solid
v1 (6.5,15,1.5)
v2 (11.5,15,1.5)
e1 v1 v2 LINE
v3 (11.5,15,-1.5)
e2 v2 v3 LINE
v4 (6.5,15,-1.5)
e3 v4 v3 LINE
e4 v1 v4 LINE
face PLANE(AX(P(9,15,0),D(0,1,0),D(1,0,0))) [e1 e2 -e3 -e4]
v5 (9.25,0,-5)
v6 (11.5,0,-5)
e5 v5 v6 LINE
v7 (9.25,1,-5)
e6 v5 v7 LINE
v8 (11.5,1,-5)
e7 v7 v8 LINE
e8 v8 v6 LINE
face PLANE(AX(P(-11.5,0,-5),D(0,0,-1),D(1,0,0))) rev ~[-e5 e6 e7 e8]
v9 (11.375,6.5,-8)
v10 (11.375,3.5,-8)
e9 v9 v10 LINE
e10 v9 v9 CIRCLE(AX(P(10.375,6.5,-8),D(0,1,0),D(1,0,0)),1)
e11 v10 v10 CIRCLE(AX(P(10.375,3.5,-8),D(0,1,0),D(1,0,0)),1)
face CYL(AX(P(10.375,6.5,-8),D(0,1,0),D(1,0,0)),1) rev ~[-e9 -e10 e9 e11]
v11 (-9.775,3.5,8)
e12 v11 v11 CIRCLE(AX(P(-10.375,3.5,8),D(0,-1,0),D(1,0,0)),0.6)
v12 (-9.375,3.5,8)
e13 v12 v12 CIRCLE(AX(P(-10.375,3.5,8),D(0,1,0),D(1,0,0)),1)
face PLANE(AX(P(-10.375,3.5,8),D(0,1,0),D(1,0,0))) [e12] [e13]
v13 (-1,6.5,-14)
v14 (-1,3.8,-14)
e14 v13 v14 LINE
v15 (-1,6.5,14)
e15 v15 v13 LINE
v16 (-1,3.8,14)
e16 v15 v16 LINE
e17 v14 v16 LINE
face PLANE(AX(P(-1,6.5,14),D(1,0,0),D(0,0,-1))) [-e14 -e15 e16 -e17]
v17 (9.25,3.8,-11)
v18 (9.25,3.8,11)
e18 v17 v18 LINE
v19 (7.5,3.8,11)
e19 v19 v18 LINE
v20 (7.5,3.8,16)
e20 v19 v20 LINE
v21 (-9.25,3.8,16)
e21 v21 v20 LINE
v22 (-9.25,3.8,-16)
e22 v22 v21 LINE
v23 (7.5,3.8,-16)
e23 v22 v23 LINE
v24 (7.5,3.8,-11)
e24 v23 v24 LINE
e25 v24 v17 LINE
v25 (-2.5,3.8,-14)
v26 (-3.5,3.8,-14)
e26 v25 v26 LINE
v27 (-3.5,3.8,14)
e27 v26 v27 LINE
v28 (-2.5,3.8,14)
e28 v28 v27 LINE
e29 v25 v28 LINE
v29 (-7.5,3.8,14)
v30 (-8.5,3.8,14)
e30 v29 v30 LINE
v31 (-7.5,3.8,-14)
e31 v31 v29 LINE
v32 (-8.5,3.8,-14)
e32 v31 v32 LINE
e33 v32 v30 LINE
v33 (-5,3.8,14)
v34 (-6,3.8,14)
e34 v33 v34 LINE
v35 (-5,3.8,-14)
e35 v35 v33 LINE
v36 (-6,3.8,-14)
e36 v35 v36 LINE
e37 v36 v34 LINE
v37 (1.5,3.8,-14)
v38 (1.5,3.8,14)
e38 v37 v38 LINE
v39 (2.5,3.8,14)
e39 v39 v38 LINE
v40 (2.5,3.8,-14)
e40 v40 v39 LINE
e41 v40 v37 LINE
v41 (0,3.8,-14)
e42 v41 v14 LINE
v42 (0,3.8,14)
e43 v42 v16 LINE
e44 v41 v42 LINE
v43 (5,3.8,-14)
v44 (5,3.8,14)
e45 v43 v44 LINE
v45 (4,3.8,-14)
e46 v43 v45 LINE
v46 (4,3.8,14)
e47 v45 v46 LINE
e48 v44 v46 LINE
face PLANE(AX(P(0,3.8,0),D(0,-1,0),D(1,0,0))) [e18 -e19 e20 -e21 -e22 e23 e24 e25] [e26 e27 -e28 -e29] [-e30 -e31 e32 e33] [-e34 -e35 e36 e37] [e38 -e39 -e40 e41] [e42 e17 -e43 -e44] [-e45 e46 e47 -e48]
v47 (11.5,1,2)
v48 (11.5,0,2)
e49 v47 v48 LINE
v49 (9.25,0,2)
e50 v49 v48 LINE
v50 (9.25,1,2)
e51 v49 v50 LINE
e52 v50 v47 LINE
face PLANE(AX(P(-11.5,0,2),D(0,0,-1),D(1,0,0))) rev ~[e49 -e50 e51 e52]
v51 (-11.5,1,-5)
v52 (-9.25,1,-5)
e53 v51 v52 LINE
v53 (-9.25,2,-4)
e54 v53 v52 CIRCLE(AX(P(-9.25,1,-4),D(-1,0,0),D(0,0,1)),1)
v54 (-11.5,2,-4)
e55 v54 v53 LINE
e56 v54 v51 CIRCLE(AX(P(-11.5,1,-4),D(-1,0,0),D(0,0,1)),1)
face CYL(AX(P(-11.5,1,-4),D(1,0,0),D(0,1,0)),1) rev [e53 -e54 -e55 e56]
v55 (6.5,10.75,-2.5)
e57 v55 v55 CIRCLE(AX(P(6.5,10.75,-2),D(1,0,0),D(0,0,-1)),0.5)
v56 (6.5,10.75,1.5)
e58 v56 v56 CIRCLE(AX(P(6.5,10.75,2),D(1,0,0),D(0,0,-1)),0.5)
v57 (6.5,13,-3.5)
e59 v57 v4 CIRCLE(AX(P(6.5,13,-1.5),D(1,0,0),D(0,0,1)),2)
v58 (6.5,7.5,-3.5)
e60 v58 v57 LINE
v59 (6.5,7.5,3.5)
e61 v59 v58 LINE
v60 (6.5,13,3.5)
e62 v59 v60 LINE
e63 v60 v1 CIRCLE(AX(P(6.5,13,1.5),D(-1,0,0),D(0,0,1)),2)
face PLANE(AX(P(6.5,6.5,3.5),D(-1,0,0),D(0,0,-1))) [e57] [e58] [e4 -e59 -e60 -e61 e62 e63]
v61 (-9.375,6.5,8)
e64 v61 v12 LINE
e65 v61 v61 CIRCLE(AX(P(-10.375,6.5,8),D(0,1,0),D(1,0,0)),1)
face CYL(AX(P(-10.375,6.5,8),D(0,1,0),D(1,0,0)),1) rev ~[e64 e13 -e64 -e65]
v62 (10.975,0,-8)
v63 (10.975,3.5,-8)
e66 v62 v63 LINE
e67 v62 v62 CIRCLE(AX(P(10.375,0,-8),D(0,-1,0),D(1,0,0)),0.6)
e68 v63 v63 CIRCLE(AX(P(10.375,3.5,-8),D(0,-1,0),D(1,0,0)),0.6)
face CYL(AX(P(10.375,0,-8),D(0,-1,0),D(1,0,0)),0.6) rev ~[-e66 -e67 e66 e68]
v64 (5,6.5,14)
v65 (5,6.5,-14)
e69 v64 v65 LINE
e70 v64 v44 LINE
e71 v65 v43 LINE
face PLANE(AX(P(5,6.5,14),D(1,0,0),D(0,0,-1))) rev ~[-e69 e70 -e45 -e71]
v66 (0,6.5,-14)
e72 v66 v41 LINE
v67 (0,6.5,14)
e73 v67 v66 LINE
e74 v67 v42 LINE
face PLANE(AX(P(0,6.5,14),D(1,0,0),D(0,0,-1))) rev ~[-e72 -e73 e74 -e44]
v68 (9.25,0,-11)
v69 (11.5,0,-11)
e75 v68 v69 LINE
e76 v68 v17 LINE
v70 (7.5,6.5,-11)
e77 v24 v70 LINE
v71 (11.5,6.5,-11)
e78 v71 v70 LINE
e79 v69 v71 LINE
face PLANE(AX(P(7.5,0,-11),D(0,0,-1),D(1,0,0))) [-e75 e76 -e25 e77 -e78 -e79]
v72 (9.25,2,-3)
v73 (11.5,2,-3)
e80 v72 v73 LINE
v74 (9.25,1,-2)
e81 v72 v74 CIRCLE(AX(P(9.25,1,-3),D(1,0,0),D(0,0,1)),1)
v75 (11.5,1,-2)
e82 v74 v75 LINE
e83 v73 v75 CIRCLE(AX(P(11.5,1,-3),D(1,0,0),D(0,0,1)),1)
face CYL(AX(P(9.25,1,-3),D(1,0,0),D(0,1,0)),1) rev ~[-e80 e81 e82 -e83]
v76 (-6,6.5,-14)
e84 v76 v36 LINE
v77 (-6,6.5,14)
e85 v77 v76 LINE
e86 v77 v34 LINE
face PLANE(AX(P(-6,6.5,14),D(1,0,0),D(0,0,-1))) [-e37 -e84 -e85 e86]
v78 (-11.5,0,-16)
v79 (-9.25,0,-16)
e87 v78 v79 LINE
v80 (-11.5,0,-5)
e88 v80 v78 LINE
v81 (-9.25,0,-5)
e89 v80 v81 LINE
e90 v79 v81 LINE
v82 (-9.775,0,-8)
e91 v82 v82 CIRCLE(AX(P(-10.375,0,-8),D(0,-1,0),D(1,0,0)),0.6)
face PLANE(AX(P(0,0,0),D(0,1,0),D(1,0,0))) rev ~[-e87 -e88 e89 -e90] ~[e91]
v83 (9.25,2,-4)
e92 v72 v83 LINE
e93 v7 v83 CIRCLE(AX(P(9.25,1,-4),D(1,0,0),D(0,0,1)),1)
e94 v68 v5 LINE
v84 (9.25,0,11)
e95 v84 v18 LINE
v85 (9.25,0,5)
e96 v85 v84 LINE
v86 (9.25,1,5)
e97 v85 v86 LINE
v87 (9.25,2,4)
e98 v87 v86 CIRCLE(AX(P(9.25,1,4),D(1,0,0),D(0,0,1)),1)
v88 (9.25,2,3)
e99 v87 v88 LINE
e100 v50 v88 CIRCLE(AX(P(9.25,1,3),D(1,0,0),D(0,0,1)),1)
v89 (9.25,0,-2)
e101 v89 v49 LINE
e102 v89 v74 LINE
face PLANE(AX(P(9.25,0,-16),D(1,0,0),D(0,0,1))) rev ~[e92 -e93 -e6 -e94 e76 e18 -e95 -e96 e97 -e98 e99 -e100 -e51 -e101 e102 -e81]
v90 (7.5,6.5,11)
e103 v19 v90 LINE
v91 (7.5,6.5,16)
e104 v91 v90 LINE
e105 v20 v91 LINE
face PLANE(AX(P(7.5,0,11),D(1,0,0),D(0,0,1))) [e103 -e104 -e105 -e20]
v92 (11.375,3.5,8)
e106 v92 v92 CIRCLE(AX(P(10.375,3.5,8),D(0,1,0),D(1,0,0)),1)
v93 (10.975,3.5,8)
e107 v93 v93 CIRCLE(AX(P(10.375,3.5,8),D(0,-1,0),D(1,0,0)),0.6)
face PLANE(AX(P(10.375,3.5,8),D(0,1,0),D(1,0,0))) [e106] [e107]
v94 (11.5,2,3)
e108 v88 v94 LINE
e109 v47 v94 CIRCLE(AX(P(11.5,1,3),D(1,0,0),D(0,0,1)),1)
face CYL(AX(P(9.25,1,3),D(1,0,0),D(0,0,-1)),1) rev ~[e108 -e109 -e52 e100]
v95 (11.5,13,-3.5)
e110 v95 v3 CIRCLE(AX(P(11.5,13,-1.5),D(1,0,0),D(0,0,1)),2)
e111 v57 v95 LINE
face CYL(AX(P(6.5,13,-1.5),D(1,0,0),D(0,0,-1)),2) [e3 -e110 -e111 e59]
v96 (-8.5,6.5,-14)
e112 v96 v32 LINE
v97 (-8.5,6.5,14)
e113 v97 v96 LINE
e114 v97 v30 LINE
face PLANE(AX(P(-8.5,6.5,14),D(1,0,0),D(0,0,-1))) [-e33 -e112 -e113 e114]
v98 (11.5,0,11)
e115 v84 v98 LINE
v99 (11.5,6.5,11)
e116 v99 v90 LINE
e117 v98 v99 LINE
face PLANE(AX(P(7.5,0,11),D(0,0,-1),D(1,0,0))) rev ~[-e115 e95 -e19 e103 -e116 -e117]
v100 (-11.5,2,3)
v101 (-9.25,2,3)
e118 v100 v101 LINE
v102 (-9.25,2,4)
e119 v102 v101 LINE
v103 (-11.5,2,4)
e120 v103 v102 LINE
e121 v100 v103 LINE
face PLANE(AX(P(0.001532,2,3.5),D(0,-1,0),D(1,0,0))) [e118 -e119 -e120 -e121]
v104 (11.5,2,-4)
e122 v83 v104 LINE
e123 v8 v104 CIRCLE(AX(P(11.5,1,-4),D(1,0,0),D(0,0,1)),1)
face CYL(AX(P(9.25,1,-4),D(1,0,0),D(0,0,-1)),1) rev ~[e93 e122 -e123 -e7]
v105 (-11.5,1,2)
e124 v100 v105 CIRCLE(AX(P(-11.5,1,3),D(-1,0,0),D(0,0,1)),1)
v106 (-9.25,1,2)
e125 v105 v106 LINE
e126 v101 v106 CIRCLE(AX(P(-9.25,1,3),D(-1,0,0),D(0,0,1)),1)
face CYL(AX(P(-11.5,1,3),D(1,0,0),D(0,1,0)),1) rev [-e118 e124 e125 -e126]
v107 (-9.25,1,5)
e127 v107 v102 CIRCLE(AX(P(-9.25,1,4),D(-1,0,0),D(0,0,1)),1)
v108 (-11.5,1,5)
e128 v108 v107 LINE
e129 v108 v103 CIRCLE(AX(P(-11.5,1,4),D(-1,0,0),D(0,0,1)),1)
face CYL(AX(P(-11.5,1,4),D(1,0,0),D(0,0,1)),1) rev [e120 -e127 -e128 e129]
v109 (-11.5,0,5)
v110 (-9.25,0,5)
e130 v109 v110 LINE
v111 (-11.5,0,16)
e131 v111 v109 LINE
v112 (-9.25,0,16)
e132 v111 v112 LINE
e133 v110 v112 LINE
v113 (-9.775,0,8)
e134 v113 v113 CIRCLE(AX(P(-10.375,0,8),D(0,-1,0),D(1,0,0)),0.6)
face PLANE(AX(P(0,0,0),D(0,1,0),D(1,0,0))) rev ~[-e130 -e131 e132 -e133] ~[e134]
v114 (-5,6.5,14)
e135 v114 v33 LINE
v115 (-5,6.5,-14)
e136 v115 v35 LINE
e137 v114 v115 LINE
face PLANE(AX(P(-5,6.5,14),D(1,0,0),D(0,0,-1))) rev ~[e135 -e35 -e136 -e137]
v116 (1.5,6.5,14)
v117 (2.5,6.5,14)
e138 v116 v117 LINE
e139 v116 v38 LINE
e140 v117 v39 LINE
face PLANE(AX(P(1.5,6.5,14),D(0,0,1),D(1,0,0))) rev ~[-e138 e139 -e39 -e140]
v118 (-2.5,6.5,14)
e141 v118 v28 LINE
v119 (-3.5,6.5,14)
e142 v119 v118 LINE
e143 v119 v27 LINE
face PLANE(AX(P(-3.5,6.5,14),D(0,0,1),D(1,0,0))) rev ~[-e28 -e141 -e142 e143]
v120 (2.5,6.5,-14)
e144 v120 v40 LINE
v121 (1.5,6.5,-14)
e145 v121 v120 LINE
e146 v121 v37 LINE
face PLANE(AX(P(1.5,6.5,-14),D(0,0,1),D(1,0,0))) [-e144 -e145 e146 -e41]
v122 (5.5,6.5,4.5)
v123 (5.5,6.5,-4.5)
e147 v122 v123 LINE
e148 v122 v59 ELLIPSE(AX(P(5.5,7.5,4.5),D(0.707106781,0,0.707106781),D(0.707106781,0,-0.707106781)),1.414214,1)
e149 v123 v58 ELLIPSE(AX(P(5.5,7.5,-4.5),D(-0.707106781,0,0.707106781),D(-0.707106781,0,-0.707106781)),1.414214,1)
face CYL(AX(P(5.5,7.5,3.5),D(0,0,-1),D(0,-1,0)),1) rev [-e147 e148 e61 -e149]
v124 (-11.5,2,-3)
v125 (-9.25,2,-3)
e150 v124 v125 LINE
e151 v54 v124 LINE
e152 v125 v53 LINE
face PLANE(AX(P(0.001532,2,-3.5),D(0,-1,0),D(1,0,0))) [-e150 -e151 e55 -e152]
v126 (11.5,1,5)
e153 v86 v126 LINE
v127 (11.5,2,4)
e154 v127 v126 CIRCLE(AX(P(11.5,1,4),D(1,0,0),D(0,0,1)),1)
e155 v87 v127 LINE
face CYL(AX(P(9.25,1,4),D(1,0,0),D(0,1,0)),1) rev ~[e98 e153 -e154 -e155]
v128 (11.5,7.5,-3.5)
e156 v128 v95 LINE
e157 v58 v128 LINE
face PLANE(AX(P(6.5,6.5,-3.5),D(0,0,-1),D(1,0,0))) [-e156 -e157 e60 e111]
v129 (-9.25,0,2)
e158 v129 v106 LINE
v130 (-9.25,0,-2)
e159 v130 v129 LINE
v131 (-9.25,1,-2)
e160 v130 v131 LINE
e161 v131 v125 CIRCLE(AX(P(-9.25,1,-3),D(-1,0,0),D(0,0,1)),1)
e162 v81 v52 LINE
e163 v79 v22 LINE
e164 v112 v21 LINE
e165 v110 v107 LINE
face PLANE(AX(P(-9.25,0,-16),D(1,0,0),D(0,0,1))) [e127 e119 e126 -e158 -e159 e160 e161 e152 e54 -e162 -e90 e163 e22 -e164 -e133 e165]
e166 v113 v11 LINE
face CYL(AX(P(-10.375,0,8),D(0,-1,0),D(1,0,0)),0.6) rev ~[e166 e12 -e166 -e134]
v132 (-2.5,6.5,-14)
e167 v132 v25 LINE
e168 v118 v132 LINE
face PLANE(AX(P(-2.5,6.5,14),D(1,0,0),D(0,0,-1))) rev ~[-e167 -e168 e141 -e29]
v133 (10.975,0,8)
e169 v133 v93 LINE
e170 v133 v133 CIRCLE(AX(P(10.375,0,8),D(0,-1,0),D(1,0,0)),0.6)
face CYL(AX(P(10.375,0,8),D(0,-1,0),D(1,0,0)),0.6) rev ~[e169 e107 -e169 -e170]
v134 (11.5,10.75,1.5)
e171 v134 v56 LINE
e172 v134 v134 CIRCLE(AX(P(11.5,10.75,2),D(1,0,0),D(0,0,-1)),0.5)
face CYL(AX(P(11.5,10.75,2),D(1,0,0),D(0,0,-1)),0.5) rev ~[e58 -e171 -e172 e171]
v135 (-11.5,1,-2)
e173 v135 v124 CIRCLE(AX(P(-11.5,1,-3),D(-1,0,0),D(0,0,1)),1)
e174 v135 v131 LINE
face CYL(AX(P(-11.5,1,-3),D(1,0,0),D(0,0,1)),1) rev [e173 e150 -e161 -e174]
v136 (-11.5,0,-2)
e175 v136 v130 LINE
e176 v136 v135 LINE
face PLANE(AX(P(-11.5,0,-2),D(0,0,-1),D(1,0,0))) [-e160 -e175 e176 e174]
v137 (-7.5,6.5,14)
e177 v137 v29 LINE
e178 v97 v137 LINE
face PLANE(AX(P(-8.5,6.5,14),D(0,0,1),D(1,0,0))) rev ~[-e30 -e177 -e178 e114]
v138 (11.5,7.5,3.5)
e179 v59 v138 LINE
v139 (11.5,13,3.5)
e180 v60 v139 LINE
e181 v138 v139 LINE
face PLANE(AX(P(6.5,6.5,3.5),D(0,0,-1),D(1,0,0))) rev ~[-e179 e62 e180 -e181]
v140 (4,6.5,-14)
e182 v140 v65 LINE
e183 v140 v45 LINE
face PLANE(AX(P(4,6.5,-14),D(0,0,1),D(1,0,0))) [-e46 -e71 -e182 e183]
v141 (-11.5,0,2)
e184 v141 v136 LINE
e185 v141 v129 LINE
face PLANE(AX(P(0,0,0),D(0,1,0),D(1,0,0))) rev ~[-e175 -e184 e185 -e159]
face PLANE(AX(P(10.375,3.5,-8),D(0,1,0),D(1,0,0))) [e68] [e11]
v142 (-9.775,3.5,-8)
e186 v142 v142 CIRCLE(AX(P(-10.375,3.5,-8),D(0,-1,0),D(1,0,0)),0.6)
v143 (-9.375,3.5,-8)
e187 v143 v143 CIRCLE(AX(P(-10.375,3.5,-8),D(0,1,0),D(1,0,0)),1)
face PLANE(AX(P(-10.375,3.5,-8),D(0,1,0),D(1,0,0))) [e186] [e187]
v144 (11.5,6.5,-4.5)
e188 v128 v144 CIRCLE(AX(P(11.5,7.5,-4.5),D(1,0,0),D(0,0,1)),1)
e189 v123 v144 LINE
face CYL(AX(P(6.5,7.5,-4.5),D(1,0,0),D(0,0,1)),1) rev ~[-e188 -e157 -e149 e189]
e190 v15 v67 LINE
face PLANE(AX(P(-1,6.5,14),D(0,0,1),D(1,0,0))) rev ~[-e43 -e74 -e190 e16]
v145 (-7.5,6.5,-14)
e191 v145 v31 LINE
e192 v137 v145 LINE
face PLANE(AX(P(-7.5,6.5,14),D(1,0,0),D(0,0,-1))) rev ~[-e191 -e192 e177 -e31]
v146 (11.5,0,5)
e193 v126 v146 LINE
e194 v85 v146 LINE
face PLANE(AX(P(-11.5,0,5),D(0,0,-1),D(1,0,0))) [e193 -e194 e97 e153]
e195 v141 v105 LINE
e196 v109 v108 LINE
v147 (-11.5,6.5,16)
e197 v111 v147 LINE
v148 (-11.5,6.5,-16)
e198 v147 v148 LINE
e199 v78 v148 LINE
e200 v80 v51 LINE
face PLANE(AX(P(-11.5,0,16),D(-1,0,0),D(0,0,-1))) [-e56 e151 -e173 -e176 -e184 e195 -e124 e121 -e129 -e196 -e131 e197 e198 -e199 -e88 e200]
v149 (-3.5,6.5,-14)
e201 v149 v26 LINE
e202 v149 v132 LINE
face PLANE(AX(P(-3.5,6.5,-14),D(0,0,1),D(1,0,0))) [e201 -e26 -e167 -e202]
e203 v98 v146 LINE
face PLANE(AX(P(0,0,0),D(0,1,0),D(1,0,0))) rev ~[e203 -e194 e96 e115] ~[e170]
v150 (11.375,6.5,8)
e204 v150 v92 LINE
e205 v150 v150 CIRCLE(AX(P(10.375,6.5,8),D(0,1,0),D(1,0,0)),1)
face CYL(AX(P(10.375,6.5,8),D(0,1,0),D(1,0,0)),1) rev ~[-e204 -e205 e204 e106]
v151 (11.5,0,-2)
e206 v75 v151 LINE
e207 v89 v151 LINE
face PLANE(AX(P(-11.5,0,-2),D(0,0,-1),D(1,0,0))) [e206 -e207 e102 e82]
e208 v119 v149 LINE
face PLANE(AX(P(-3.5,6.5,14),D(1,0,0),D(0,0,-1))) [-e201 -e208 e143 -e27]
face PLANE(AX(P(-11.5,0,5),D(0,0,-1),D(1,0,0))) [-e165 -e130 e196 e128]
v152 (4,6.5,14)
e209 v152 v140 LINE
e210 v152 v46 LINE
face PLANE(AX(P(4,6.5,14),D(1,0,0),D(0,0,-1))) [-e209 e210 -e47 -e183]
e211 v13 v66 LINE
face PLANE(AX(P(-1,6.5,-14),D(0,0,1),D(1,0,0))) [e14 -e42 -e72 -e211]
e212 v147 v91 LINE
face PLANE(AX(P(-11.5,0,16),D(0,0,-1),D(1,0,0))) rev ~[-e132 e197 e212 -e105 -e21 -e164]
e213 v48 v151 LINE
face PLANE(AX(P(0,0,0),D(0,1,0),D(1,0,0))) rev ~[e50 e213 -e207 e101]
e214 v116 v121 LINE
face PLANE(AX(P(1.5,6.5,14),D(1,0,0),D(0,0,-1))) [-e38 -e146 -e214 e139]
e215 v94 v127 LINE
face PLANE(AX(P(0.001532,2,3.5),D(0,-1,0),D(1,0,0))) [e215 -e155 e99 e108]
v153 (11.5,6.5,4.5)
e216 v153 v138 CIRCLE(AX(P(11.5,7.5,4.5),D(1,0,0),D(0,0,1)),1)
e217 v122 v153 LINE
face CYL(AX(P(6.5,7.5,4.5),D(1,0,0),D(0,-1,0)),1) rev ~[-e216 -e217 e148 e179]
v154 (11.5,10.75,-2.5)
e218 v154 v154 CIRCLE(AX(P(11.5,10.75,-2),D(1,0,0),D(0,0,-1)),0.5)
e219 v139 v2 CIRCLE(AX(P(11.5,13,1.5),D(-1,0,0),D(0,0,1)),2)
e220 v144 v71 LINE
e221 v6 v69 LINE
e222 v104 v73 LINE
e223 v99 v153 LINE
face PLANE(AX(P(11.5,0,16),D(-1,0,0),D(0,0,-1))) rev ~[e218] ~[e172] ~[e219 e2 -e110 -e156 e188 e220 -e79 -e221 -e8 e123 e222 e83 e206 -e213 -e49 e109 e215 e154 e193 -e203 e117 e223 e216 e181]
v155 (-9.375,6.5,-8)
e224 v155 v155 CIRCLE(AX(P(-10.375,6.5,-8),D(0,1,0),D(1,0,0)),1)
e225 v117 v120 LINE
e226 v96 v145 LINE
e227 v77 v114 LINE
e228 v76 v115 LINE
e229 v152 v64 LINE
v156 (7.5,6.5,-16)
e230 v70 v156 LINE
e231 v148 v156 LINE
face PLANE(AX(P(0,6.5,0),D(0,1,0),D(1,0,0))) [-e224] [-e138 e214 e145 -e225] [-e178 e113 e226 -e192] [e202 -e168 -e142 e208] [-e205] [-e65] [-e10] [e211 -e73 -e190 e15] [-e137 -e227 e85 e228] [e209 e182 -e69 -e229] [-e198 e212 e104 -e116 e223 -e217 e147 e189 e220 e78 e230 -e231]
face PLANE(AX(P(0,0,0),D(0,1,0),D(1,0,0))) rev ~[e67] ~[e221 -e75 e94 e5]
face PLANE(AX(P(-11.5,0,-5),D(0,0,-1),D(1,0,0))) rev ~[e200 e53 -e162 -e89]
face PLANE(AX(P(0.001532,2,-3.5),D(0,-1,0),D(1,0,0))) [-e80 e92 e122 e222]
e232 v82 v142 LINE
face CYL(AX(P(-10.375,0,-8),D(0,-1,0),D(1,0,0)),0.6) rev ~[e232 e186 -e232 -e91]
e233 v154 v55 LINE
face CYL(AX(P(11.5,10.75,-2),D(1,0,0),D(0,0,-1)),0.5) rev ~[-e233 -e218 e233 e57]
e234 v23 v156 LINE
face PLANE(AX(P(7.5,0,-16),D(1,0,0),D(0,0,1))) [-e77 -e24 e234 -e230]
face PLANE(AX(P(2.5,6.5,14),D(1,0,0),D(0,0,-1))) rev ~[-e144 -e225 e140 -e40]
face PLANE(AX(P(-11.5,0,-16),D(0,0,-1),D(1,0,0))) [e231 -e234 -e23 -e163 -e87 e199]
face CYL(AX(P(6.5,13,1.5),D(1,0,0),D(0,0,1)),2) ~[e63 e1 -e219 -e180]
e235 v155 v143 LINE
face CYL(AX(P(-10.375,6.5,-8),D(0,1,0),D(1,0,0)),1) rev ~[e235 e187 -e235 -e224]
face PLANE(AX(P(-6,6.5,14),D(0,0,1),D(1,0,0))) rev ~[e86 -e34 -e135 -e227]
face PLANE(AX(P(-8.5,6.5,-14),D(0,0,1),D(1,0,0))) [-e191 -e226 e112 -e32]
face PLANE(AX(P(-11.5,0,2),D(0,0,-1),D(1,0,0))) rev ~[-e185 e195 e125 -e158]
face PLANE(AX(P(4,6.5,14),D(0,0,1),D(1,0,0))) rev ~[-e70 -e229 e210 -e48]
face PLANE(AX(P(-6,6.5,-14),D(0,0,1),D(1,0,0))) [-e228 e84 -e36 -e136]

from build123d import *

# Parameters (mm, degrees)
SKETCH_1_W          = 23
SKETCH_1_H          = 32
EXTRUDE_1_DEPTH     = 6.5
SKETCH_3_W          = 18.5
SKETCH_3_H          = 32
CUT_EXTRUDE_1_DEPTH = 3.8
SKETCH_4_W          = 23.00306398
SKETCH_4_H          = 3
CUT_EXTRUDE_2_DEPTH = 2
SKETCH_5_R          = 0.6
CUT_EXTRUDE_3_DEPTH = 7.5
SKETCH_6_W          = 5
SKETCH_6_H          = 7
EXTRUDE_2_DEPTH     = 8.5
FILLET_1_R          = 1
SKETCH_7_R          = 0.5
CUT_EXTRUDE_4_DEPTH = 24
FILLET_2_R          = 2
FILLET_3_R          = 1
SKETCH_8_W          = 4
SKETCH_8_H          = 5
CUT_EXTRUDE_5_DEPTH = 16
SKETCH_9_R          = 1
CUT_EXTRUDE_6_DEPTH = 3
SKETCH_10_W         = 1
SKETCH_10_H         = 28
CUT_EXTRUDE_7_DEPTH = 7.5


with BuildPart() as part:
    # 草图1 → 凸台-拉伸1 (new body)
    with BuildSketch(Plane(origin=(0, 0, 0), x_dir=(1, 0, 0), z_dir=(0, 1, 0))):
        Rectangle(SKETCH_1_W, SKETCH_1_H)
    extrude(amount=EXTRUDE_1_DEPTH)

    # 草图3 → 切除-拉伸1 (cut)
    with BuildSketch(Plane.XZ):
        Rectangle(SKETCH_3_W, SKETCH_3_H)
    extrude(amount=-CUT_EXTRUDE_1_DEPTH, mode=Mode.SUBTRACT)

    # 草图4 → 切除-拉伸2 (cut)
    with BuildSketch(Plane.XZ):
        with Locations((0.00153199, 3.5)):
            Rectangle(SKETCH_4_W, SKETCH_4_H)
        with Locations((0.00153199, -3.5)):
            Rectangle(SKETCH_4_W, SKETCH_4_H)
    extrude(amount=-CUT_EXTRUDE_2_DEPTH, mode=Mode.SUBTRACT)

    # 草图5 → 切除-拉伸3 (cut, through all)
    with BuildSketch(Plane.XZ):
        with Locations((-10.375, -8)):
            Circle(SKETCH_5_R)
        with Locations((10.375, -8)):
            Circle(SKETCH_5_R)
        with Locations((10.375, 8)):
            Circle(SKETCH_5_R)
        with Locations((-10.375, 8)):
            Circle(SKETCH_5_R)
    extrude(amount=-CUT_EXTRUDE_3_DEPTH, mode=Mode.SUBTRACT)

    # 草图6 → 凸台-拉伸2 (add)
    with BuildSketch(Plane(origin=(0, 6.5, 0), x_dir=(1, 0, 0), z_dir=(0, 1, 0))):
        with Locations((9, 0)):
            Rectangle(SKETCH_6_W, SKETCH_6_H)
    extrude(amount=EXTRUDE_2_DEPTH)

    # 圆角1
    fillet_1_edges = [part.edges().sort_by_distance(p)[0] for p in [
        (10.375, 2, 5),
        (-10.375, 2, 5),
        (10.375, 2, 2),
        (-10.375, 2, 2),
        (10.375, 2, -5),
        (-10.375, 2, -5),
        (10.375, 2, -2),
        (-10.375, 2, -2),
    ]]
    fillet(fillet_1_edges, radius=FILLET_1_R)

    # 草图7 → 切除-拉伸4 (cut, through all)
    with BuildSketch(Plane(origin=(11.5, 0, 0), x_dir=(0, 0, -1), z_dir=(1, 0, 0))):
        with Locations((-2, 10.75)):
            Circle(SKETCH_7_R)
        with Locations((2, 10.75)):
            Circle(SKETCH_7_R)
    extrude(amount=-CUT_EXTRUDE_4_DEPTH, mode=Mode.SUBTRACT)

    # 圆角2
    fillet_2_edges = [part.edges().sort_by_distance(p)[0] for p in [
        (9, 15, 3.5),
        (9, 15, -3.5),
    ]]
    fillet(fillet_2_edges, radius=FILLET_2_R)

    # 圆角3
    fillet_3_edges = [part.edges().sort_by_distance(p)[0] for p in [
        (6.5, 6.5, 0),
        (9, 6.5, 3.5),
        (9, 6.5, -3.5),
    ]]
    fillet(fillet_3_edges, radius=FILLET_3_R)

    # 草图8 → 切除-拉伸5 (cut, through all)
    with BuildSketch(Plane.XZ):
        with Locations((9.5, 13.5)):
            Rectangle(SKETCH_8_W, SKETCH_8_H)
        with Locations((9.5, -13.5)):
            Rectangle(SKETCH_8_W, SKETCH_8_H)
    extrude(amount=-CUT_EXTRUDE_5_DEPTH, mode=Mode.SUBTRACT)

    # 草图9 → 切除-拉伸6 (cut)
    with BuildSketch(Plane(origin=(0, 6.5, 0), x_dir=(1, 0, 0), z_dir=(0, 1, 0))):
        with Locations((-10.375, 8)):
            Circle(SKETCH_9_R)
        with Locations((10.375, 8)):
            Circle(SKETCH_9_R)
        with Locations((-10.375, -8)):
            Circle(SKETCH_9_R)
        with Locations((10.375, -8)):
            Circle(SKETCH_9_R)
    extrude(amount=-CUT_EXTRUDE_6_DEPTH, mode=Mode.SUBTRACT)

    # 草图10 → 切除-拉伸7 (cut, through all)
    with BuildSketch(Plane(origin=(0, 6.5, 0), x_dir=(1, 0, 0), z_dir=(0, 1, 0))):
        with Locations((-8, 0)):
            Rectangle(SKETCH_10_W, SKETCH_10_H)
        with Locations((-5.5, 0)):
            Rectangle(SKETCH_10_W, SKETCH_10_H)
        with Locations((-3, 0)):
            Rectangle(SKETCH_10_W, SKETCH_10_H)
        with Locations((-0.5, 0)):
            Rectangle(SKETCH_10_W, SKETCH_10_H)
        with Locations((2, 0)):
            Rectangle(SKETCH_10_W, SKETCH_10_H)
        with Locations((4.5, 0)):
            Rectangle(SKETCH_10_W, SKETCH_10_H)
    extrude(amount=-CUT_EXTRUDE_7_DEPTH, mode=Mode.SUBTRACT)


solid = part.part
